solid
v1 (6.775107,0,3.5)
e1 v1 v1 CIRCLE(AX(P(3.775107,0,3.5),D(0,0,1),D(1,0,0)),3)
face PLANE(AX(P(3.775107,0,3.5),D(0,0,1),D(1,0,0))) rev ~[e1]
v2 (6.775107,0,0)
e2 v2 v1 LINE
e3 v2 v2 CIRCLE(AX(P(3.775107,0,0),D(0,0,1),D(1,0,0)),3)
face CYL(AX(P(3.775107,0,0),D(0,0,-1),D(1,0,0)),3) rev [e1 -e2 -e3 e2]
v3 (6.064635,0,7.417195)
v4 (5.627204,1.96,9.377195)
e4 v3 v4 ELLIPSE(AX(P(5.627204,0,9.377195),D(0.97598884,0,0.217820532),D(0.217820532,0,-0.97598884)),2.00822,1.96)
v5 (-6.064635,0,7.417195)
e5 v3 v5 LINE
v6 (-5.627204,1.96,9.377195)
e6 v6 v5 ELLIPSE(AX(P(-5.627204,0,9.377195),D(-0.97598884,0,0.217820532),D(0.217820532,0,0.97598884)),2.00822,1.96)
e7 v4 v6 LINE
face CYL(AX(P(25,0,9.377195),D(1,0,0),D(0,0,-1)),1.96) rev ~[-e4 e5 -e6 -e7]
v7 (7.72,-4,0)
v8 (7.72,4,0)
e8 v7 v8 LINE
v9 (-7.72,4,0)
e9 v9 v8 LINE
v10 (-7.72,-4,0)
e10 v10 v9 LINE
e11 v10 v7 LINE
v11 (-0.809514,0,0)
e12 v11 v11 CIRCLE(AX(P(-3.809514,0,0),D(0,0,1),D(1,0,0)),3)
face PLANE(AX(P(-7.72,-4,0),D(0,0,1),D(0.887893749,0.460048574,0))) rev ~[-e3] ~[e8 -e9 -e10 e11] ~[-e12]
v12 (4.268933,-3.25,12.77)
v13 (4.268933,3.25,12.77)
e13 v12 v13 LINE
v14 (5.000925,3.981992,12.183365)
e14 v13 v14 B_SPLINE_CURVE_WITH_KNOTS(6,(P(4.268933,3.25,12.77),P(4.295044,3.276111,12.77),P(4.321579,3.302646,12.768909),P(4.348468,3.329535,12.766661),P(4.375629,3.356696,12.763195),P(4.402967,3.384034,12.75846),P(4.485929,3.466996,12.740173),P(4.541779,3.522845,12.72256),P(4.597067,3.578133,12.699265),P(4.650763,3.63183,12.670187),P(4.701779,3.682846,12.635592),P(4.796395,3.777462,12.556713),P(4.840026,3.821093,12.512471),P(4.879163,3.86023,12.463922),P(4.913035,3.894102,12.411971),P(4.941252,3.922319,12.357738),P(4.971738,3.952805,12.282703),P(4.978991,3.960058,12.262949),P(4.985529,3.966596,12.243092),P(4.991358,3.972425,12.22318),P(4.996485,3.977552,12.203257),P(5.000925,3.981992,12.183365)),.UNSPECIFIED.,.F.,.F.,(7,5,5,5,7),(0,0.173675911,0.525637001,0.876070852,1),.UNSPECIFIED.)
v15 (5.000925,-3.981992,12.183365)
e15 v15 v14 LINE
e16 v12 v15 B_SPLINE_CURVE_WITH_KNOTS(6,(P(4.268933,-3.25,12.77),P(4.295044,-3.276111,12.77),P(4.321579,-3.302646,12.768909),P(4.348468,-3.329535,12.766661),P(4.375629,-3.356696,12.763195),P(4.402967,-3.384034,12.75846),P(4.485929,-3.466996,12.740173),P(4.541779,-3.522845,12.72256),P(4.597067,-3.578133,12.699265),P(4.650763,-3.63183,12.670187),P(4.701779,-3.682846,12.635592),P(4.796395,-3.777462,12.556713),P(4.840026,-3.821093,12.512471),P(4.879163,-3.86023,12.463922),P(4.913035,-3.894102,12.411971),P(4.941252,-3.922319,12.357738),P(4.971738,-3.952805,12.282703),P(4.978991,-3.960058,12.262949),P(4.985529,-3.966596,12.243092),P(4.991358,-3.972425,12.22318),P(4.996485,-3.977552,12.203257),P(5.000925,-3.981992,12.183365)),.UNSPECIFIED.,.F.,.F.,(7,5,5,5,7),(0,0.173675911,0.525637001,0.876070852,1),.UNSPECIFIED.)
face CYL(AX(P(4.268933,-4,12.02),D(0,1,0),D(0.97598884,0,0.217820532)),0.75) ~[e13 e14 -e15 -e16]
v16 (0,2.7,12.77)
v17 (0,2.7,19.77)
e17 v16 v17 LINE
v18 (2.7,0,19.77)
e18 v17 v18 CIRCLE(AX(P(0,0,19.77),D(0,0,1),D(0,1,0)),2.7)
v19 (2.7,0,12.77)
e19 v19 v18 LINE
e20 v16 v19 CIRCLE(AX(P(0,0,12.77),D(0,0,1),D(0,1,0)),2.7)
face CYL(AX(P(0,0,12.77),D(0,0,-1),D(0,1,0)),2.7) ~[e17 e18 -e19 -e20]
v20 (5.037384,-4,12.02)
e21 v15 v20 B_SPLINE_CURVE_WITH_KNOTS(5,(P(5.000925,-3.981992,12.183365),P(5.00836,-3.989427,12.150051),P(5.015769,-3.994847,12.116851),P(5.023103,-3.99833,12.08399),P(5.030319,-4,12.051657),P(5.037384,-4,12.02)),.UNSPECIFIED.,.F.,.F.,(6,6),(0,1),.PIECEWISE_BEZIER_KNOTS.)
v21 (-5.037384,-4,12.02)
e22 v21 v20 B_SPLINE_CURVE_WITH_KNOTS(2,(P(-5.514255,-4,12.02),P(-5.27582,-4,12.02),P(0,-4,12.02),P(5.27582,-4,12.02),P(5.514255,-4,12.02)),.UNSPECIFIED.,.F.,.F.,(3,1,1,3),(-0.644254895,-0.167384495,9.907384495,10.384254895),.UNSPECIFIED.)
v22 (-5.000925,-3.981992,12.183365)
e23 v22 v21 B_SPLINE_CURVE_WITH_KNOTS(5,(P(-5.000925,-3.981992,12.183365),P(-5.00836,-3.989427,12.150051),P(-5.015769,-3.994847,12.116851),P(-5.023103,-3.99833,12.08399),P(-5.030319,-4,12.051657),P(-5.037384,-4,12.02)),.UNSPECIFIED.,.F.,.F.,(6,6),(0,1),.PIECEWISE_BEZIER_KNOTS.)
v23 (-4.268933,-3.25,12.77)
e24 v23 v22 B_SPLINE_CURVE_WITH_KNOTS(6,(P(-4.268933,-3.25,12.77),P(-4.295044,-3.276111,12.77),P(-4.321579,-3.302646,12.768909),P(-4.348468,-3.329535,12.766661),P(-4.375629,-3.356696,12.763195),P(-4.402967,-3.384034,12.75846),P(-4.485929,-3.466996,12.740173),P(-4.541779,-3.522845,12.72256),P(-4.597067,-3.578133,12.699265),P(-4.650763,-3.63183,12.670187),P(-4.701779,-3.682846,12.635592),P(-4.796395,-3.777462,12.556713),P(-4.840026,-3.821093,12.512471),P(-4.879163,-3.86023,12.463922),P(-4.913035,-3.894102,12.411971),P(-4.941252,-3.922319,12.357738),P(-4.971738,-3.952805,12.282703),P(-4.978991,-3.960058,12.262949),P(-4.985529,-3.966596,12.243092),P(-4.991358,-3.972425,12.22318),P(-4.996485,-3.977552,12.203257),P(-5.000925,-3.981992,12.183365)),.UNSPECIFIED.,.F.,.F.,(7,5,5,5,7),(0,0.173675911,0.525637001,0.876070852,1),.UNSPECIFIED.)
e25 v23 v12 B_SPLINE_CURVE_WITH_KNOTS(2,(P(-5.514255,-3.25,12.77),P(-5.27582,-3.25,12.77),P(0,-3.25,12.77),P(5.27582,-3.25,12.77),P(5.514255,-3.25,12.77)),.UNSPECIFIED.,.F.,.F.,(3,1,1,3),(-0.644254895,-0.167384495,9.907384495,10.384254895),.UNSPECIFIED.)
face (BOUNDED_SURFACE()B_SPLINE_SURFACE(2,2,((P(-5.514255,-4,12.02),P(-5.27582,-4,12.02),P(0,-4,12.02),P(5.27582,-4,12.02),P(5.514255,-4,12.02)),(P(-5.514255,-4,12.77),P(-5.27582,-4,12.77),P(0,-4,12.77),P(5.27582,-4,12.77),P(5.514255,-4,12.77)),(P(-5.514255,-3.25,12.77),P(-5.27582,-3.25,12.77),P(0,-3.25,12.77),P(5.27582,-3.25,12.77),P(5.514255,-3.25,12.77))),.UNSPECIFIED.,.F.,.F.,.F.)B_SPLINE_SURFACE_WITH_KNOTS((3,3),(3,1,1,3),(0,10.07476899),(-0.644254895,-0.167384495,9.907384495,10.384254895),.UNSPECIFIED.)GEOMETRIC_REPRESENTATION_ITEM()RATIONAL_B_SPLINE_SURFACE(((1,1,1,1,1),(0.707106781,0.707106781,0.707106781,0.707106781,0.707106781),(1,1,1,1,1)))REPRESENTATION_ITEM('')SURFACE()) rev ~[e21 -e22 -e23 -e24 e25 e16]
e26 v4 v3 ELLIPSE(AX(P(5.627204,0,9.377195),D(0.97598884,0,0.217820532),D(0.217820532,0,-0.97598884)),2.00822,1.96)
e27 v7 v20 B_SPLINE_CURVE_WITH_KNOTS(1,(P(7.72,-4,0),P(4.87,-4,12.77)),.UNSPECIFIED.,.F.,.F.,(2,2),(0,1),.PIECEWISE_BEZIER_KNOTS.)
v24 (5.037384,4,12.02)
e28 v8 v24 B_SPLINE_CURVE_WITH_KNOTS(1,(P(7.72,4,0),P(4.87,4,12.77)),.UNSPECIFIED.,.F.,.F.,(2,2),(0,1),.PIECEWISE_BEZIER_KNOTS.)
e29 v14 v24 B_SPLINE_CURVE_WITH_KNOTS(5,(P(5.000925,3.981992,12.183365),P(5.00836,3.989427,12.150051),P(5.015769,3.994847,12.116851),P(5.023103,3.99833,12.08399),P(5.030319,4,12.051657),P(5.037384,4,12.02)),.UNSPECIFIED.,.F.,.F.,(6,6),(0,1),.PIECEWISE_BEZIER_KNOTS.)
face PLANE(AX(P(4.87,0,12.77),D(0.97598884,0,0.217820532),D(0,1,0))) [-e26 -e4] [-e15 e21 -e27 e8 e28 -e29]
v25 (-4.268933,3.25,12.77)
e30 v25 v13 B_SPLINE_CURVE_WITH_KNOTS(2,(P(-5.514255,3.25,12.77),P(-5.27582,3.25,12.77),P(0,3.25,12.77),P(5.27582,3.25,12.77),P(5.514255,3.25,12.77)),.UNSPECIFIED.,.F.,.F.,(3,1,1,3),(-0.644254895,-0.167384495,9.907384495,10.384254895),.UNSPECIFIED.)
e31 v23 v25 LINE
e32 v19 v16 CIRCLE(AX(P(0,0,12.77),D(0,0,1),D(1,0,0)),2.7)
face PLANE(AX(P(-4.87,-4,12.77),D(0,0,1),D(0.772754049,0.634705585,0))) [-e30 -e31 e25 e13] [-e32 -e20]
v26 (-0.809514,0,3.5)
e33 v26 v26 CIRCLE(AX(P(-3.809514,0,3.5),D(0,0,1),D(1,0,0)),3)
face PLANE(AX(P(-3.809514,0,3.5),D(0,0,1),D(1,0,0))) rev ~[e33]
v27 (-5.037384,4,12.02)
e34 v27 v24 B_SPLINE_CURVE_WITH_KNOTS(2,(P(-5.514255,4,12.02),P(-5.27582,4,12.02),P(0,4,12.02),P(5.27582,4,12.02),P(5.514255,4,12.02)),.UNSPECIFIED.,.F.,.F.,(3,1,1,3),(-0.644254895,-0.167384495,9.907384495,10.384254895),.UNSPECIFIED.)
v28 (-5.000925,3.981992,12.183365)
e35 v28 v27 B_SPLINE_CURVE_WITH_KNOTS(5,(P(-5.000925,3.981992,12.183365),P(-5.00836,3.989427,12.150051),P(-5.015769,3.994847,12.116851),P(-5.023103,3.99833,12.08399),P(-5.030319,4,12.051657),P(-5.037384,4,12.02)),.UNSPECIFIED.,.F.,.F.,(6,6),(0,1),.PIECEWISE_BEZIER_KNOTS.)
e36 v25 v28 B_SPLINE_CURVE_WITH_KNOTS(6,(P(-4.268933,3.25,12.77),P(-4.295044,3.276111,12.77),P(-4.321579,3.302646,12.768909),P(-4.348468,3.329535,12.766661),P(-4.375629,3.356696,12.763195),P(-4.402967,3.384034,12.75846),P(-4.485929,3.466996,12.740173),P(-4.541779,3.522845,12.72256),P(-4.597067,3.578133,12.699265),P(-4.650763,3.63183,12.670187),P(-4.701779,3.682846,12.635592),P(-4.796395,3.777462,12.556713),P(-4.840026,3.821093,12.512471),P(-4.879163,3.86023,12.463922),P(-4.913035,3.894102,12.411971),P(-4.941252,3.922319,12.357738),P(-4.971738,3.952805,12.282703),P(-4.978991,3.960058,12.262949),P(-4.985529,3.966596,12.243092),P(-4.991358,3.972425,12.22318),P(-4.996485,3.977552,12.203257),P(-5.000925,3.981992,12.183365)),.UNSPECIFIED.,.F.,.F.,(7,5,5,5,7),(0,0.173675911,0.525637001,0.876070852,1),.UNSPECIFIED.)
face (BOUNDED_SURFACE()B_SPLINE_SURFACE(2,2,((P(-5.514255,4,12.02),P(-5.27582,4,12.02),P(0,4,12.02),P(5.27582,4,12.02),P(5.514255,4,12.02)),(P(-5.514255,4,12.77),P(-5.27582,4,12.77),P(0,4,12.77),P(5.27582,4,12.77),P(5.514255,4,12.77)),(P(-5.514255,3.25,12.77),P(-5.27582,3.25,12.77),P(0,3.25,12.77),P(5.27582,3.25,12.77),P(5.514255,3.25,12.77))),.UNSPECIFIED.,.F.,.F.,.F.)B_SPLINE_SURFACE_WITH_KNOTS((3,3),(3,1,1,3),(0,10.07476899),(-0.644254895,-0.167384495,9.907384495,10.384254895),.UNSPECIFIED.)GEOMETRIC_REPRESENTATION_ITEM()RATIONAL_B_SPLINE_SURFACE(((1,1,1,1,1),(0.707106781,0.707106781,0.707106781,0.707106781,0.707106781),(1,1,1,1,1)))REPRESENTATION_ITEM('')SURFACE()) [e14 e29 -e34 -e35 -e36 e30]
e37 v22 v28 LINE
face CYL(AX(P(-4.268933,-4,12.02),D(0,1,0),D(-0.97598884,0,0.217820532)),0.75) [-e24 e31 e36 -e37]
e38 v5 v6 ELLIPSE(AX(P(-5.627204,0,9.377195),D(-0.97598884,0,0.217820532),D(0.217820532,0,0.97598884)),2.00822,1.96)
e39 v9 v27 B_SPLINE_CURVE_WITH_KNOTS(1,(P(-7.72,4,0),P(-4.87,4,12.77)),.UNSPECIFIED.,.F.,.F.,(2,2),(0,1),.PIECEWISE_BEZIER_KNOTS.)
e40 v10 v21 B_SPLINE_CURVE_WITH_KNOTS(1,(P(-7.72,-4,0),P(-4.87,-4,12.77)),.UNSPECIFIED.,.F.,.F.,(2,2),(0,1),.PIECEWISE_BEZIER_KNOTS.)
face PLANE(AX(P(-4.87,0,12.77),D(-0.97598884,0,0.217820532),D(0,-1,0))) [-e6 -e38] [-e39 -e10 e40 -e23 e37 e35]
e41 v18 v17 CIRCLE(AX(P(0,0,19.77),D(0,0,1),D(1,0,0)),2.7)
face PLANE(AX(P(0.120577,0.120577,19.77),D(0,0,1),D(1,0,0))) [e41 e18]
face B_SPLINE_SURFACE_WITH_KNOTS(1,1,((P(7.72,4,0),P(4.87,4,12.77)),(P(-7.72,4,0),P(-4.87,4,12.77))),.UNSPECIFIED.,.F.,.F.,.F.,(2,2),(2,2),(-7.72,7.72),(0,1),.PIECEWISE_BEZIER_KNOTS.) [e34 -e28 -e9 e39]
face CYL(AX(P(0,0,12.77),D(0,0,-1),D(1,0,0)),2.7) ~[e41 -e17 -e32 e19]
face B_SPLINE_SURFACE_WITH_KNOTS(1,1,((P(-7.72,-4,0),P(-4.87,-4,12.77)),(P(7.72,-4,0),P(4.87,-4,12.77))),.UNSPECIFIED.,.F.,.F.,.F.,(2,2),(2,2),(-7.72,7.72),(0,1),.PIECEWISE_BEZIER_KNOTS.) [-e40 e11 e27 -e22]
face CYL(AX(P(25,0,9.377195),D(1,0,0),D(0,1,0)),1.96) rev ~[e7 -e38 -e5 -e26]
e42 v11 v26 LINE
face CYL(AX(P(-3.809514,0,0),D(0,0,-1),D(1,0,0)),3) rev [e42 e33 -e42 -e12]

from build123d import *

# Parameters (mm, degrees)
F0_W      = 15.44
F0_H      = 8
F2_W      = 9.74
F2_H      = 8
F4_R      = 0.75
F7_DEPTH  = 100
F8_R      = 3
F9_DEPTH  = 3.5
F11_DEPTH = 7


with BuildPart() as f3:
    # F0 (on Top) → F3 section 0
    with BuildSketch(Plane.XY):
        Rectangle(F0_W, F0_H)
    # F2 (on offset) → F3 section 1
    with BuildSketch(Plane.XY.offset(12.77)):
        Rectangle(F2_W, F2_H)
    loft()

    # F4
    f4_edges = [f3.edges().sort_by_distance(p)[0] for p in [
        (4.87, 0, 12.77),
        (0, -4, 12.77),
        (-4.87, 0, 12.77),
        (0, 4, 12.77),
    ]]
    fillet(f4_edges, radius=F4_R)

    # F6 (on offset) → F7 (cut)
    with BuildSketch(Plane.YZ.offset(25)):
        with BuildLine():
            ThreePointArc((0, 7.4171952983), (1.3859292911, 7.9912660072), (1.96, 9.3771952983))
            ThreePointArc((1.96, 9.3771952983), (-1.3859292911, 10.7631245894), (0, 7.4171952983))
        make_face()
    extrude(amount=-F7_DEPTH, mode=Mode.SUBTRACT)

    # F8 (on Top) → F9 (cut)
    with BuildSketch(Plane.XY):
        with Locations((-3.8095137819, 0)):
            Circle(F8_R)
        with Locations((3.7751071386, 0)):
            Circle(F8_R)
    extrude(amount=F9_DEPTH, mode=Mode.SUBTRACT)

    # F10 (on offset) → F11 (join)
    with BuildSketch(Plane.XY.offset(12.77)):
        with BuildLine():
            ThreePointArc((0, 2.7), (-1.9091883092, -1.9091883092), (2.7, 0))
            ThreePointArc((2.7, 0), (1.9091883092, 1.9091883092), (0, 2.7))
        make_face()
    extrude(amount=F11_DEPTH)


solid = f3.part
